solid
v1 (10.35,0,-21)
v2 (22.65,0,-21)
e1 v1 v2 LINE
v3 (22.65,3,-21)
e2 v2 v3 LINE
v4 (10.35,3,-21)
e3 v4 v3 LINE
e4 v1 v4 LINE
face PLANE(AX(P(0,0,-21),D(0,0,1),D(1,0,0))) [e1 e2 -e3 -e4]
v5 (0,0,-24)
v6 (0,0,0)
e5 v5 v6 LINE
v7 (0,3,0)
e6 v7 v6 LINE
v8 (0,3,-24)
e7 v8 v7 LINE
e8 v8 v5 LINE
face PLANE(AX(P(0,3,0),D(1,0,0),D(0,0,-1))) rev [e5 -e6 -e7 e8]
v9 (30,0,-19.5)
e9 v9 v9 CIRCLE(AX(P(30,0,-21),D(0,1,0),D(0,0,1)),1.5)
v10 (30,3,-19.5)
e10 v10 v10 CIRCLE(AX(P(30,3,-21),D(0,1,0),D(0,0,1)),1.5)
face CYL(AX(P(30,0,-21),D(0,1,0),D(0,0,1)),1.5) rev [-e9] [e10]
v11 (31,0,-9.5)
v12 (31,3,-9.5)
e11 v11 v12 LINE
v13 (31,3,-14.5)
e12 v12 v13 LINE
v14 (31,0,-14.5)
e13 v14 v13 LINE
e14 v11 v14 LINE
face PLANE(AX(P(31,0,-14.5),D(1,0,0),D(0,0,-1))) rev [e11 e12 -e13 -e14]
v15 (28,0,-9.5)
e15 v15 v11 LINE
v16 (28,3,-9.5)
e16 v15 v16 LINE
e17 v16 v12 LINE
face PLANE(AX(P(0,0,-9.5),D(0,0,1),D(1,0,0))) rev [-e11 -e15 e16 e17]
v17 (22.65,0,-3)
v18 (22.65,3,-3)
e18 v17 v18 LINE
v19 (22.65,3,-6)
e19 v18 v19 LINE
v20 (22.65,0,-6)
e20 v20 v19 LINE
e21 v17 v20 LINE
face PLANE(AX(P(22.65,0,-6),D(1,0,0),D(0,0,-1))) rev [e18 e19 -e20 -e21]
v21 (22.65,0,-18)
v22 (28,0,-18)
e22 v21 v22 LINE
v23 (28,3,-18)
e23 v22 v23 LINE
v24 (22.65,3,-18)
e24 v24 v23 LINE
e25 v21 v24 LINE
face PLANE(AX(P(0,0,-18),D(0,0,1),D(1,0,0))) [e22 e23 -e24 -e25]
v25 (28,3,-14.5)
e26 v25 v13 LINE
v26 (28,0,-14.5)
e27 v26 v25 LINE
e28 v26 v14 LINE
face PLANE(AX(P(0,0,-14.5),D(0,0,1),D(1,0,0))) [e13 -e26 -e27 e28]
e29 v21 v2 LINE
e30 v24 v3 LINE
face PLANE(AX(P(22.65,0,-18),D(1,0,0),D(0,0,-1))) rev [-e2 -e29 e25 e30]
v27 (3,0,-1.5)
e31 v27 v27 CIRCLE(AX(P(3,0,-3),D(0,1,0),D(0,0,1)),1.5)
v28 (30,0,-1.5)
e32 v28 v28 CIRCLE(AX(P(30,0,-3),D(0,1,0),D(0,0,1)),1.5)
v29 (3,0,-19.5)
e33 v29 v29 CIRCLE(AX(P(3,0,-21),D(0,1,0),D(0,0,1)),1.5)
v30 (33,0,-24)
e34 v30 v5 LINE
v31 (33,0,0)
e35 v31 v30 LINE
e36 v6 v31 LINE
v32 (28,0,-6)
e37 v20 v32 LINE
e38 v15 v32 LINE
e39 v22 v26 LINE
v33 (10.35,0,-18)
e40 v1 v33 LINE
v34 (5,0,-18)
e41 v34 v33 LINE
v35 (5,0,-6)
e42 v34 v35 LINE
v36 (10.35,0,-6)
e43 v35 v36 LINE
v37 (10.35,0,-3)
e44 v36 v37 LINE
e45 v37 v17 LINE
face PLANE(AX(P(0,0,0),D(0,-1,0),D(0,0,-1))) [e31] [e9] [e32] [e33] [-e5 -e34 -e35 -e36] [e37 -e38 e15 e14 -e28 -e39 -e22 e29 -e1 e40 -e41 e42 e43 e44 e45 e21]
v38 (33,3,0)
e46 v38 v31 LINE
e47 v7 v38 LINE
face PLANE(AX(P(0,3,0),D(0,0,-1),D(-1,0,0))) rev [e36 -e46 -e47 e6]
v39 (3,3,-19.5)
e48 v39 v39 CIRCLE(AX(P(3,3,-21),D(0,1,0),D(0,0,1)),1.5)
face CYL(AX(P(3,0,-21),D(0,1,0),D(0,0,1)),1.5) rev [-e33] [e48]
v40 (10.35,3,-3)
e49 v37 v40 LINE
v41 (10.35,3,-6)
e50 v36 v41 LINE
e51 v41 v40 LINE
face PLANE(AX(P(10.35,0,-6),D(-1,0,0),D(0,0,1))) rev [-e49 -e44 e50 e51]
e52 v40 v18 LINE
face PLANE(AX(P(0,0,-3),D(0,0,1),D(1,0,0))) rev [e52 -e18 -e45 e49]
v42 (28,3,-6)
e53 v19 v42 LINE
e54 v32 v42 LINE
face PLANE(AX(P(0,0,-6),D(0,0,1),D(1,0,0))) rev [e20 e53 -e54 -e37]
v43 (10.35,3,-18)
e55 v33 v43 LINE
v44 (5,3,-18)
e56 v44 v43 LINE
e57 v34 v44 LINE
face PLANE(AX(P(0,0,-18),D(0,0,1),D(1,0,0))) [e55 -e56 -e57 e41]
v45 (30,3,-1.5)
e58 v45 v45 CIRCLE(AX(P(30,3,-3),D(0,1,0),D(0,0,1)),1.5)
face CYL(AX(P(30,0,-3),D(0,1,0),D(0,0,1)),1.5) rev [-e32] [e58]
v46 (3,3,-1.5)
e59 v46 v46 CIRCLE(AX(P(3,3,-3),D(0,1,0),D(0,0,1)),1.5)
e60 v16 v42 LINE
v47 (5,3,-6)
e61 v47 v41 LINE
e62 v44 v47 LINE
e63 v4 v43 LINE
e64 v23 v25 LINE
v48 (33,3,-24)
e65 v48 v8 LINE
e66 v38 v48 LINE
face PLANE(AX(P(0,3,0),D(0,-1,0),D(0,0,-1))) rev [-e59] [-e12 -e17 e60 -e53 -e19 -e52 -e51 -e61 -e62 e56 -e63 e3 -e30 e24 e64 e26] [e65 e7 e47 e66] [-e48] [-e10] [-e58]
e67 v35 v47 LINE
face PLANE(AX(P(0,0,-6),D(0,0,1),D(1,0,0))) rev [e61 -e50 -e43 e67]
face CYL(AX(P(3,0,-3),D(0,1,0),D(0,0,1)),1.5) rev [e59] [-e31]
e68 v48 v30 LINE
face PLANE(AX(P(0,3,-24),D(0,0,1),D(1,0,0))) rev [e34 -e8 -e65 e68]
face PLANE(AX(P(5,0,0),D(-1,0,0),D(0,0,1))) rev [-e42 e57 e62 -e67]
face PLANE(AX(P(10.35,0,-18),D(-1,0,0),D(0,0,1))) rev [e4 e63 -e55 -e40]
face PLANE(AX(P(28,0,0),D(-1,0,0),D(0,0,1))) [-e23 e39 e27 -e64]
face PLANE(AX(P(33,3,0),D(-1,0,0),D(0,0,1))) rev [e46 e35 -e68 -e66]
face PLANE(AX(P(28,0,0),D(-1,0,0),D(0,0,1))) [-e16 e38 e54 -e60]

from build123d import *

# Parameters (mm, degrees)
SKETCH1_W           = 33
SKETCH1_H           = 24
BOSS_EXTRUDE1_DEPTH = 3
SKETCH2_W           = 23
SKETCH2_H           = 12
SKETCH2_W_2         = 1.5
SKETCH2_H_2         = 5
SKETCH2_R           = 1.5
SKETCH2_W_3         = 12
SKETCH2_H_3         = 3
CUT_EXTRUDE1_DEPTH  = 4
SKETCH3_W           = 0.15
SKETCH3_H           = 3
SKETCH3_W_2         = 1.5
SKETCH3_H_2         = 5
CUT_EXTRUDE2_DEPTH  = 4


with BuildPart() as part:
    # Sketch1 → Boss-Extrude1 (new body)
    with BuildSketch(Plane(origin=(0, 0, 0), x_dir=(1, 0, 0), z_dir=(0, 1, 0))):
        with Locations((16.5, 12)):
            Rectangle(SKETCH1_W, SKETCH1_H)
    extrude(amount=BOSS_EXTRUDE1_DEPTH)

    # Sketch2 → Cut-Extrude1 (cut, through all)
    with BuildSketch(Plane(origin=(0, 3, 0), x_dir=(1, 0, 0), z_dir=(0, 1, 0))):
        with Locations((16.5, 12)):
            Rectangle(SKETCH2_W, SKETCH2_H)
        with Locations((28.75, 12)):
            Rectangle(SKETCH2_W_2, SKETCH2_H_2)
        with Locations((30, 21)):
            Circle(SKETCH2_R)
        with Locations((16.5, 4.5)):
            Rectangle(SKETCH2_W_3, SKETCH2_H_3)
        with Locations((16.5, 19.5)):
            Rectangle(SKETCH2_W_3, SKETCH2_H_3)
        with Locations((30, 3)):
            Circle(SKETCH2_R)
        with Locations((3, 3)):
            Circle(SKETCH2_R)
        with Locations((3, 21)):
            Circle(SKETCH2_R)
    extrude(amount=-CUT_EXTRUDE1_DEPTH, mode=Mode.SUBTRACT)

    # Sketch3 → Cut-Extrude2 (cut, through all)
    with BuildSketch(Plane(origin=(0, 3, 0), x_dir=(1, 0, 0), z_dir=(0, 1, 0))):
        with Locations((10.425, 19.5)):
            Rectangle(SKETCH3_W, SKETCH3_H)
        with Locations((22.575, 19.5)):
            Rectangle(SKETCH3_W, SKETCH3_H)
        with Locations((22.575, 4.5)):
            Rectangle(SKETCH3_W, SKETCH3_H)
        with Locations((10.425, 4.5)):
            Rectangle(SKETCH3_W, SKETCH3_H)
        with Locations((30.25, 12)):
            Rectangle(SKETCH3_W_2, SKETCH3_H_2)
    extrude(amount=-CUT_EXTRUDE2_DEPTH, mode=Mode.SUBTRACT)


solid = part.part
